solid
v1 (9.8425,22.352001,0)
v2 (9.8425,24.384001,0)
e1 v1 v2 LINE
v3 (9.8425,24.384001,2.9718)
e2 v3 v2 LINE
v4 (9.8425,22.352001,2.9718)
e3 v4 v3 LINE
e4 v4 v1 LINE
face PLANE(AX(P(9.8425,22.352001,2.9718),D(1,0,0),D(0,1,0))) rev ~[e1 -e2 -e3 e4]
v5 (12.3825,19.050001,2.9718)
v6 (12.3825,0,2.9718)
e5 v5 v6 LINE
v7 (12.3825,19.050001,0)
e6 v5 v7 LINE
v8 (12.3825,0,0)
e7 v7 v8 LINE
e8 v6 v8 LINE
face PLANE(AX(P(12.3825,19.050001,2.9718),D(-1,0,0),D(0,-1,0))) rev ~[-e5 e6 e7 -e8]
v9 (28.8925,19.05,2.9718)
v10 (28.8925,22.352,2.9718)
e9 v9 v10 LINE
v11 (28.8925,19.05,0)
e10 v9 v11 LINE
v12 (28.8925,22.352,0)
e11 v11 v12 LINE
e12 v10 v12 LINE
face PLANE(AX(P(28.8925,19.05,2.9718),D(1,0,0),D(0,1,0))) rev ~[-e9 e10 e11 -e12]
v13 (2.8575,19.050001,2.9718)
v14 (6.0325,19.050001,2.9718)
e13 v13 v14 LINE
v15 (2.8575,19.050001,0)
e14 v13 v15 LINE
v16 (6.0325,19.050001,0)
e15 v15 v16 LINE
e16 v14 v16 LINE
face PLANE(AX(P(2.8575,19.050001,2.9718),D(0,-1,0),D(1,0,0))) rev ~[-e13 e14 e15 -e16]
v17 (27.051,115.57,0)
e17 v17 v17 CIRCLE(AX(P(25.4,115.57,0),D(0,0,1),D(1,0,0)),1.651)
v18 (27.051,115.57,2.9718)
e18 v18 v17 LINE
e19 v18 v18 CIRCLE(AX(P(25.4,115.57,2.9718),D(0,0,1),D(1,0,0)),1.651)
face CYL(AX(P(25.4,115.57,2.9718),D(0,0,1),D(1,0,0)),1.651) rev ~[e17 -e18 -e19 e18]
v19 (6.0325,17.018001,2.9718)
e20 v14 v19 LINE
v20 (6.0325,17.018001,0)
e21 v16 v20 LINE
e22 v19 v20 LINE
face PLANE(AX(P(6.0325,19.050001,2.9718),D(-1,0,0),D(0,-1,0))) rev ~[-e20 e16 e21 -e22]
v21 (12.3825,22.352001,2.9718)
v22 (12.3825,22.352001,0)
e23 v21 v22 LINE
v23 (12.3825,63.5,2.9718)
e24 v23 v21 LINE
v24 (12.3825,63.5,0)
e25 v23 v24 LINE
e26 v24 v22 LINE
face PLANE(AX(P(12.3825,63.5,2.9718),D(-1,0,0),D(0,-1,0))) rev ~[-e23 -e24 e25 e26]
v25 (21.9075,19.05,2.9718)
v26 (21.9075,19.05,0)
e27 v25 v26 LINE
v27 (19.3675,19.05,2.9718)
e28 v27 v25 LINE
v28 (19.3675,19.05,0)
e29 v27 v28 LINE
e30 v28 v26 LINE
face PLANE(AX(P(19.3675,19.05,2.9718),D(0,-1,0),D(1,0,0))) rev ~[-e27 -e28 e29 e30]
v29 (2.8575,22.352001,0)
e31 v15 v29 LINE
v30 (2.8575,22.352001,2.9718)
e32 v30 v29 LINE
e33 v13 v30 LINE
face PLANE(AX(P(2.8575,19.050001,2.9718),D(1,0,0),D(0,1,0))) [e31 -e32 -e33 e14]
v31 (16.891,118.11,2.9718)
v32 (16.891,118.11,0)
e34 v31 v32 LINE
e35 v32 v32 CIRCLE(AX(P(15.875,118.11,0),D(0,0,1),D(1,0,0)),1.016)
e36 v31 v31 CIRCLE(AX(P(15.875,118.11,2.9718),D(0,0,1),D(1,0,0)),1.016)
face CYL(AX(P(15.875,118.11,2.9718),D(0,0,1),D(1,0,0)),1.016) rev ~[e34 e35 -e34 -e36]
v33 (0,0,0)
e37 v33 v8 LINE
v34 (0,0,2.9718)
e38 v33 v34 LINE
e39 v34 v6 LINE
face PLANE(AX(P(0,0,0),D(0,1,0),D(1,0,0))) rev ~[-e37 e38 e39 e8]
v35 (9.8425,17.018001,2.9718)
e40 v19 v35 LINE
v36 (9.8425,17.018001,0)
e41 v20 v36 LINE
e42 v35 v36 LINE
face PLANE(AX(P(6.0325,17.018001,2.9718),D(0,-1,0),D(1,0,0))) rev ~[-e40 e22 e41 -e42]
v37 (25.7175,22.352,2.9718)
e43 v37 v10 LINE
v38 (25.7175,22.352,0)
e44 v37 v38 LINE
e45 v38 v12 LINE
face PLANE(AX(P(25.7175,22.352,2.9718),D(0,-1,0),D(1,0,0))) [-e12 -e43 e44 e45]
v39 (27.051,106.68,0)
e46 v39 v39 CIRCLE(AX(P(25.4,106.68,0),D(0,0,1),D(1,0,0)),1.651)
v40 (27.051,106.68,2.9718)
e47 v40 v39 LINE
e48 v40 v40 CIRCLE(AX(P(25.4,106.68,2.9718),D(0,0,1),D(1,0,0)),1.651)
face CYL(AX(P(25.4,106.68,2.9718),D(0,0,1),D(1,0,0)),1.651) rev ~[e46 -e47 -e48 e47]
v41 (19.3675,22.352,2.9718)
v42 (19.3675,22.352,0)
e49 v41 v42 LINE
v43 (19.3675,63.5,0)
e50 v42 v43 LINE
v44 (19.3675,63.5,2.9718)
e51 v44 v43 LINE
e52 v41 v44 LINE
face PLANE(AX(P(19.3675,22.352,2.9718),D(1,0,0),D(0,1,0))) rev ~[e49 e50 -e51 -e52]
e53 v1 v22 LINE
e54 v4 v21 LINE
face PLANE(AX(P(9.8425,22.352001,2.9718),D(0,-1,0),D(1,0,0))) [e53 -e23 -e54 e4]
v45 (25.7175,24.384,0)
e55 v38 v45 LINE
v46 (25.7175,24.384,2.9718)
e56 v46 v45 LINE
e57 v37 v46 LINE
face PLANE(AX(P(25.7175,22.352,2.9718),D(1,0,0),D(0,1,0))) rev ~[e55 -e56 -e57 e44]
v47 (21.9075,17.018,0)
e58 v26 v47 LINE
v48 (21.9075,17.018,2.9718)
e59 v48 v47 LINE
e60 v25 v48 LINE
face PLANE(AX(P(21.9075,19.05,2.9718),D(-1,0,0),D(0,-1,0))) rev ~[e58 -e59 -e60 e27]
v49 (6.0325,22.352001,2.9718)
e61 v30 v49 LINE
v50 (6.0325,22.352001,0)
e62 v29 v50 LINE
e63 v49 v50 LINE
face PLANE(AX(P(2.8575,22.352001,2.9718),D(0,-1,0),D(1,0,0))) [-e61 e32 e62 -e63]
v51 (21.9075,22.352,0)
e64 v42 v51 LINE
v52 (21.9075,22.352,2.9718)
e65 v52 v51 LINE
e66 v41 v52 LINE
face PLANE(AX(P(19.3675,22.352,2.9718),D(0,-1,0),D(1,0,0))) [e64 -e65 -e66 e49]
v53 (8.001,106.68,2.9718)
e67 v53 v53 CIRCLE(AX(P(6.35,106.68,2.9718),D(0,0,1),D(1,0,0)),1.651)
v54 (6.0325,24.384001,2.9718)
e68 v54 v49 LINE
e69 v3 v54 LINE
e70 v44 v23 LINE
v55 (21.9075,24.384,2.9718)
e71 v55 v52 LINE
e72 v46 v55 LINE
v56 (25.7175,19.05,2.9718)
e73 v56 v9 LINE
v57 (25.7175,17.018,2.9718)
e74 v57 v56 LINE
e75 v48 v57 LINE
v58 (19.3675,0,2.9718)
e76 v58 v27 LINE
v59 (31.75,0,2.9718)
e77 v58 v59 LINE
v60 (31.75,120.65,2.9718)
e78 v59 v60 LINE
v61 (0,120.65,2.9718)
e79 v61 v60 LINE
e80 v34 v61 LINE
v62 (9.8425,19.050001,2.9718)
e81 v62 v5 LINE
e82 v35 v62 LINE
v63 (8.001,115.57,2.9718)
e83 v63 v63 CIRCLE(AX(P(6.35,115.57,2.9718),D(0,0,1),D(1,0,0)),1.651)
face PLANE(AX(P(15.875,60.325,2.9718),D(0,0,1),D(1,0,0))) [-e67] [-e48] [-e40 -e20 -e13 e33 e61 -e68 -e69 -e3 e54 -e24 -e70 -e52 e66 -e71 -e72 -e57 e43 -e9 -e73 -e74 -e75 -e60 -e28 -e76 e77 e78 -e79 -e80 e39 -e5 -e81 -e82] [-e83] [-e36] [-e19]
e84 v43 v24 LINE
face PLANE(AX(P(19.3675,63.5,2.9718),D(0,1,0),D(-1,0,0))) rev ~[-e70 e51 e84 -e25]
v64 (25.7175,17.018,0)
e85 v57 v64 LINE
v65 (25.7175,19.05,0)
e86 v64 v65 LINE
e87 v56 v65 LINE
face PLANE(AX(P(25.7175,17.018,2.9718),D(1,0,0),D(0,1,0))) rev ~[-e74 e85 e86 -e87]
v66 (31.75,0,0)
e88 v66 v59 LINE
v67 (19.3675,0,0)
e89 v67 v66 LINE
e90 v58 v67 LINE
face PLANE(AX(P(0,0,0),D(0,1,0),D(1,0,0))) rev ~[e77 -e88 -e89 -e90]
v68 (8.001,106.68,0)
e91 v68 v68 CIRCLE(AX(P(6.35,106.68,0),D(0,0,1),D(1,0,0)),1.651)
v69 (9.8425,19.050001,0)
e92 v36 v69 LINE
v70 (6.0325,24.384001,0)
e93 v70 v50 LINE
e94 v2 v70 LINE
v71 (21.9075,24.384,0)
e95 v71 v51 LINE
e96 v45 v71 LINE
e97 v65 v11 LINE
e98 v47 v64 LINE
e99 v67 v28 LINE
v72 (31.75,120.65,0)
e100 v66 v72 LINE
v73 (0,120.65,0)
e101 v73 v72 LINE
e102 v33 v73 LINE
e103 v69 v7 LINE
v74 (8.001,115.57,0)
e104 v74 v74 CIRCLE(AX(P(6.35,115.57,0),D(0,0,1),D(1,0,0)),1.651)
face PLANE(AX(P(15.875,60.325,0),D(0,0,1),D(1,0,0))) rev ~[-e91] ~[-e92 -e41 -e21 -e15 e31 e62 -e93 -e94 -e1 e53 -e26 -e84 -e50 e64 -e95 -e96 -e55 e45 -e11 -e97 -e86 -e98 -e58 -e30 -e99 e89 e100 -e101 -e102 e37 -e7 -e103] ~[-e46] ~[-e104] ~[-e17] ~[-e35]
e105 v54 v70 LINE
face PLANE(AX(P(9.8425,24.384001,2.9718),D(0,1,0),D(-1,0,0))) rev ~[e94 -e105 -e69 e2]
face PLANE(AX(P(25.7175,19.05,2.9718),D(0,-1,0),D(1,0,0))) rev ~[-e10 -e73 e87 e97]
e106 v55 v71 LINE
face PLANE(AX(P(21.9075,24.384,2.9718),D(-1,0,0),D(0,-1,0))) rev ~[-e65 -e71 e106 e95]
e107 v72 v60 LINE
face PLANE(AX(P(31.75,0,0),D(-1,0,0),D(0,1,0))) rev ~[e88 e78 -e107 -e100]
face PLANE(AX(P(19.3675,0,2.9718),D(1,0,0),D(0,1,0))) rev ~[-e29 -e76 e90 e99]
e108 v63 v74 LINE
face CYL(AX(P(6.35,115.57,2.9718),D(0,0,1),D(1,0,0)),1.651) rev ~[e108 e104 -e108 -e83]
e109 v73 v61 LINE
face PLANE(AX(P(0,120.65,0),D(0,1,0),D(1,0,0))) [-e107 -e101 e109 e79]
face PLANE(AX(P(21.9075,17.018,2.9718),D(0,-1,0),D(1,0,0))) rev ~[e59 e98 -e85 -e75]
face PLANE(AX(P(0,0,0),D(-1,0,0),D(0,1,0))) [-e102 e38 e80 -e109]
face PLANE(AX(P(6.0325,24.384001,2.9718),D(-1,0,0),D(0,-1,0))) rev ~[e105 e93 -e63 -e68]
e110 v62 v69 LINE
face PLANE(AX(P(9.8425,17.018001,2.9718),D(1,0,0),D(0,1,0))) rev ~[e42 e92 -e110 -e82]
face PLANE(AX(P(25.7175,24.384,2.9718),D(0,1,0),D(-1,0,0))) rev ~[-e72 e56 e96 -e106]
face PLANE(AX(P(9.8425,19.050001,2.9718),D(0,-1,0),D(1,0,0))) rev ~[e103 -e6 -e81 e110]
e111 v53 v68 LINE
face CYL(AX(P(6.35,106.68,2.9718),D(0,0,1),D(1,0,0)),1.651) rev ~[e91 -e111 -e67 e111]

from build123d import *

# Parameters (mm, degrees)
F0_W     = 31.75
F0_H     = 120.65
F1_DEPTH = 2.9718
F2_R     = 1.651
F2_R_2   = 1.016
F2_W     = 3.175
F2_H     = 3.302
F2_W_2   = 2.54
F3_DEPTH = 25.4


with BuildPart() as f1:
    # F0 (on Top) → F1 (new body)
    with BuildSketch(Plane.XY):
        with Locations((15.875, 60.325)):
            Rectangle(F0_W, F0_H)
    extrude(amount=F1_DEPTH)

    # F2 (on face) → F3 (cut)
    with BuildSketch(Plane.XY.offset(2.9718)):
        with Locations((6.35, 115.57)):
            Circle(F2_R)
        with Locations((25.4, 115.57)):
            Circle(F2_R)
        with Locations((25.4, 106.68)):
            Circle(F2_R)
        with Locations((6.35, 106.68)):
            Circle(F2_R)
        with Locations((15.875, 118.11)):
            Circle(F2_R_2)
        Polygon((12.3825, 19.050001), (12.3825, 0), (19.3675, 0), (19.3675, 19.05), (19.3675, 22.352), (19.3675, 63.5), (12.3825, 63.5), (12.3825, 22.352001), align=None)
        Polygon((21.9075, 22.352), (21.9075, 19.05), (21.9075, 17.018), (25.7175, 17.018), (25.7175, 19.05), (25.7175, 22.352), (25.7175, 24.384), (21.9075, 24.384), align=None)
        with Locations((27.305, 20.701)):
            Rectangle(F2_W, F2_H)
        with Locations((20.6375, 20.701)):
            Rectangle(F2_W_2, F2_H)
        with Locations((11.1125, 20.701001)):
            Rectangle(F2_W_2, F2_H)
        Polygon((9.8425, 17.018001), (9.8425, 19.050001), (9.8425, 22.352001), (9.8425, 24.384001), (6.0325, 24.384001), (6.0325, 22.352001), (6.0325, 19.050001), (6.0325, 17.018001), align=None)
        with Locations((4.445, 20.701001)):
            Rectangle(F2_W, F2_H)
    extrude(amount=-F3_DEPTH, mode=Mode.SUBTRACT)


solid = f1.part
